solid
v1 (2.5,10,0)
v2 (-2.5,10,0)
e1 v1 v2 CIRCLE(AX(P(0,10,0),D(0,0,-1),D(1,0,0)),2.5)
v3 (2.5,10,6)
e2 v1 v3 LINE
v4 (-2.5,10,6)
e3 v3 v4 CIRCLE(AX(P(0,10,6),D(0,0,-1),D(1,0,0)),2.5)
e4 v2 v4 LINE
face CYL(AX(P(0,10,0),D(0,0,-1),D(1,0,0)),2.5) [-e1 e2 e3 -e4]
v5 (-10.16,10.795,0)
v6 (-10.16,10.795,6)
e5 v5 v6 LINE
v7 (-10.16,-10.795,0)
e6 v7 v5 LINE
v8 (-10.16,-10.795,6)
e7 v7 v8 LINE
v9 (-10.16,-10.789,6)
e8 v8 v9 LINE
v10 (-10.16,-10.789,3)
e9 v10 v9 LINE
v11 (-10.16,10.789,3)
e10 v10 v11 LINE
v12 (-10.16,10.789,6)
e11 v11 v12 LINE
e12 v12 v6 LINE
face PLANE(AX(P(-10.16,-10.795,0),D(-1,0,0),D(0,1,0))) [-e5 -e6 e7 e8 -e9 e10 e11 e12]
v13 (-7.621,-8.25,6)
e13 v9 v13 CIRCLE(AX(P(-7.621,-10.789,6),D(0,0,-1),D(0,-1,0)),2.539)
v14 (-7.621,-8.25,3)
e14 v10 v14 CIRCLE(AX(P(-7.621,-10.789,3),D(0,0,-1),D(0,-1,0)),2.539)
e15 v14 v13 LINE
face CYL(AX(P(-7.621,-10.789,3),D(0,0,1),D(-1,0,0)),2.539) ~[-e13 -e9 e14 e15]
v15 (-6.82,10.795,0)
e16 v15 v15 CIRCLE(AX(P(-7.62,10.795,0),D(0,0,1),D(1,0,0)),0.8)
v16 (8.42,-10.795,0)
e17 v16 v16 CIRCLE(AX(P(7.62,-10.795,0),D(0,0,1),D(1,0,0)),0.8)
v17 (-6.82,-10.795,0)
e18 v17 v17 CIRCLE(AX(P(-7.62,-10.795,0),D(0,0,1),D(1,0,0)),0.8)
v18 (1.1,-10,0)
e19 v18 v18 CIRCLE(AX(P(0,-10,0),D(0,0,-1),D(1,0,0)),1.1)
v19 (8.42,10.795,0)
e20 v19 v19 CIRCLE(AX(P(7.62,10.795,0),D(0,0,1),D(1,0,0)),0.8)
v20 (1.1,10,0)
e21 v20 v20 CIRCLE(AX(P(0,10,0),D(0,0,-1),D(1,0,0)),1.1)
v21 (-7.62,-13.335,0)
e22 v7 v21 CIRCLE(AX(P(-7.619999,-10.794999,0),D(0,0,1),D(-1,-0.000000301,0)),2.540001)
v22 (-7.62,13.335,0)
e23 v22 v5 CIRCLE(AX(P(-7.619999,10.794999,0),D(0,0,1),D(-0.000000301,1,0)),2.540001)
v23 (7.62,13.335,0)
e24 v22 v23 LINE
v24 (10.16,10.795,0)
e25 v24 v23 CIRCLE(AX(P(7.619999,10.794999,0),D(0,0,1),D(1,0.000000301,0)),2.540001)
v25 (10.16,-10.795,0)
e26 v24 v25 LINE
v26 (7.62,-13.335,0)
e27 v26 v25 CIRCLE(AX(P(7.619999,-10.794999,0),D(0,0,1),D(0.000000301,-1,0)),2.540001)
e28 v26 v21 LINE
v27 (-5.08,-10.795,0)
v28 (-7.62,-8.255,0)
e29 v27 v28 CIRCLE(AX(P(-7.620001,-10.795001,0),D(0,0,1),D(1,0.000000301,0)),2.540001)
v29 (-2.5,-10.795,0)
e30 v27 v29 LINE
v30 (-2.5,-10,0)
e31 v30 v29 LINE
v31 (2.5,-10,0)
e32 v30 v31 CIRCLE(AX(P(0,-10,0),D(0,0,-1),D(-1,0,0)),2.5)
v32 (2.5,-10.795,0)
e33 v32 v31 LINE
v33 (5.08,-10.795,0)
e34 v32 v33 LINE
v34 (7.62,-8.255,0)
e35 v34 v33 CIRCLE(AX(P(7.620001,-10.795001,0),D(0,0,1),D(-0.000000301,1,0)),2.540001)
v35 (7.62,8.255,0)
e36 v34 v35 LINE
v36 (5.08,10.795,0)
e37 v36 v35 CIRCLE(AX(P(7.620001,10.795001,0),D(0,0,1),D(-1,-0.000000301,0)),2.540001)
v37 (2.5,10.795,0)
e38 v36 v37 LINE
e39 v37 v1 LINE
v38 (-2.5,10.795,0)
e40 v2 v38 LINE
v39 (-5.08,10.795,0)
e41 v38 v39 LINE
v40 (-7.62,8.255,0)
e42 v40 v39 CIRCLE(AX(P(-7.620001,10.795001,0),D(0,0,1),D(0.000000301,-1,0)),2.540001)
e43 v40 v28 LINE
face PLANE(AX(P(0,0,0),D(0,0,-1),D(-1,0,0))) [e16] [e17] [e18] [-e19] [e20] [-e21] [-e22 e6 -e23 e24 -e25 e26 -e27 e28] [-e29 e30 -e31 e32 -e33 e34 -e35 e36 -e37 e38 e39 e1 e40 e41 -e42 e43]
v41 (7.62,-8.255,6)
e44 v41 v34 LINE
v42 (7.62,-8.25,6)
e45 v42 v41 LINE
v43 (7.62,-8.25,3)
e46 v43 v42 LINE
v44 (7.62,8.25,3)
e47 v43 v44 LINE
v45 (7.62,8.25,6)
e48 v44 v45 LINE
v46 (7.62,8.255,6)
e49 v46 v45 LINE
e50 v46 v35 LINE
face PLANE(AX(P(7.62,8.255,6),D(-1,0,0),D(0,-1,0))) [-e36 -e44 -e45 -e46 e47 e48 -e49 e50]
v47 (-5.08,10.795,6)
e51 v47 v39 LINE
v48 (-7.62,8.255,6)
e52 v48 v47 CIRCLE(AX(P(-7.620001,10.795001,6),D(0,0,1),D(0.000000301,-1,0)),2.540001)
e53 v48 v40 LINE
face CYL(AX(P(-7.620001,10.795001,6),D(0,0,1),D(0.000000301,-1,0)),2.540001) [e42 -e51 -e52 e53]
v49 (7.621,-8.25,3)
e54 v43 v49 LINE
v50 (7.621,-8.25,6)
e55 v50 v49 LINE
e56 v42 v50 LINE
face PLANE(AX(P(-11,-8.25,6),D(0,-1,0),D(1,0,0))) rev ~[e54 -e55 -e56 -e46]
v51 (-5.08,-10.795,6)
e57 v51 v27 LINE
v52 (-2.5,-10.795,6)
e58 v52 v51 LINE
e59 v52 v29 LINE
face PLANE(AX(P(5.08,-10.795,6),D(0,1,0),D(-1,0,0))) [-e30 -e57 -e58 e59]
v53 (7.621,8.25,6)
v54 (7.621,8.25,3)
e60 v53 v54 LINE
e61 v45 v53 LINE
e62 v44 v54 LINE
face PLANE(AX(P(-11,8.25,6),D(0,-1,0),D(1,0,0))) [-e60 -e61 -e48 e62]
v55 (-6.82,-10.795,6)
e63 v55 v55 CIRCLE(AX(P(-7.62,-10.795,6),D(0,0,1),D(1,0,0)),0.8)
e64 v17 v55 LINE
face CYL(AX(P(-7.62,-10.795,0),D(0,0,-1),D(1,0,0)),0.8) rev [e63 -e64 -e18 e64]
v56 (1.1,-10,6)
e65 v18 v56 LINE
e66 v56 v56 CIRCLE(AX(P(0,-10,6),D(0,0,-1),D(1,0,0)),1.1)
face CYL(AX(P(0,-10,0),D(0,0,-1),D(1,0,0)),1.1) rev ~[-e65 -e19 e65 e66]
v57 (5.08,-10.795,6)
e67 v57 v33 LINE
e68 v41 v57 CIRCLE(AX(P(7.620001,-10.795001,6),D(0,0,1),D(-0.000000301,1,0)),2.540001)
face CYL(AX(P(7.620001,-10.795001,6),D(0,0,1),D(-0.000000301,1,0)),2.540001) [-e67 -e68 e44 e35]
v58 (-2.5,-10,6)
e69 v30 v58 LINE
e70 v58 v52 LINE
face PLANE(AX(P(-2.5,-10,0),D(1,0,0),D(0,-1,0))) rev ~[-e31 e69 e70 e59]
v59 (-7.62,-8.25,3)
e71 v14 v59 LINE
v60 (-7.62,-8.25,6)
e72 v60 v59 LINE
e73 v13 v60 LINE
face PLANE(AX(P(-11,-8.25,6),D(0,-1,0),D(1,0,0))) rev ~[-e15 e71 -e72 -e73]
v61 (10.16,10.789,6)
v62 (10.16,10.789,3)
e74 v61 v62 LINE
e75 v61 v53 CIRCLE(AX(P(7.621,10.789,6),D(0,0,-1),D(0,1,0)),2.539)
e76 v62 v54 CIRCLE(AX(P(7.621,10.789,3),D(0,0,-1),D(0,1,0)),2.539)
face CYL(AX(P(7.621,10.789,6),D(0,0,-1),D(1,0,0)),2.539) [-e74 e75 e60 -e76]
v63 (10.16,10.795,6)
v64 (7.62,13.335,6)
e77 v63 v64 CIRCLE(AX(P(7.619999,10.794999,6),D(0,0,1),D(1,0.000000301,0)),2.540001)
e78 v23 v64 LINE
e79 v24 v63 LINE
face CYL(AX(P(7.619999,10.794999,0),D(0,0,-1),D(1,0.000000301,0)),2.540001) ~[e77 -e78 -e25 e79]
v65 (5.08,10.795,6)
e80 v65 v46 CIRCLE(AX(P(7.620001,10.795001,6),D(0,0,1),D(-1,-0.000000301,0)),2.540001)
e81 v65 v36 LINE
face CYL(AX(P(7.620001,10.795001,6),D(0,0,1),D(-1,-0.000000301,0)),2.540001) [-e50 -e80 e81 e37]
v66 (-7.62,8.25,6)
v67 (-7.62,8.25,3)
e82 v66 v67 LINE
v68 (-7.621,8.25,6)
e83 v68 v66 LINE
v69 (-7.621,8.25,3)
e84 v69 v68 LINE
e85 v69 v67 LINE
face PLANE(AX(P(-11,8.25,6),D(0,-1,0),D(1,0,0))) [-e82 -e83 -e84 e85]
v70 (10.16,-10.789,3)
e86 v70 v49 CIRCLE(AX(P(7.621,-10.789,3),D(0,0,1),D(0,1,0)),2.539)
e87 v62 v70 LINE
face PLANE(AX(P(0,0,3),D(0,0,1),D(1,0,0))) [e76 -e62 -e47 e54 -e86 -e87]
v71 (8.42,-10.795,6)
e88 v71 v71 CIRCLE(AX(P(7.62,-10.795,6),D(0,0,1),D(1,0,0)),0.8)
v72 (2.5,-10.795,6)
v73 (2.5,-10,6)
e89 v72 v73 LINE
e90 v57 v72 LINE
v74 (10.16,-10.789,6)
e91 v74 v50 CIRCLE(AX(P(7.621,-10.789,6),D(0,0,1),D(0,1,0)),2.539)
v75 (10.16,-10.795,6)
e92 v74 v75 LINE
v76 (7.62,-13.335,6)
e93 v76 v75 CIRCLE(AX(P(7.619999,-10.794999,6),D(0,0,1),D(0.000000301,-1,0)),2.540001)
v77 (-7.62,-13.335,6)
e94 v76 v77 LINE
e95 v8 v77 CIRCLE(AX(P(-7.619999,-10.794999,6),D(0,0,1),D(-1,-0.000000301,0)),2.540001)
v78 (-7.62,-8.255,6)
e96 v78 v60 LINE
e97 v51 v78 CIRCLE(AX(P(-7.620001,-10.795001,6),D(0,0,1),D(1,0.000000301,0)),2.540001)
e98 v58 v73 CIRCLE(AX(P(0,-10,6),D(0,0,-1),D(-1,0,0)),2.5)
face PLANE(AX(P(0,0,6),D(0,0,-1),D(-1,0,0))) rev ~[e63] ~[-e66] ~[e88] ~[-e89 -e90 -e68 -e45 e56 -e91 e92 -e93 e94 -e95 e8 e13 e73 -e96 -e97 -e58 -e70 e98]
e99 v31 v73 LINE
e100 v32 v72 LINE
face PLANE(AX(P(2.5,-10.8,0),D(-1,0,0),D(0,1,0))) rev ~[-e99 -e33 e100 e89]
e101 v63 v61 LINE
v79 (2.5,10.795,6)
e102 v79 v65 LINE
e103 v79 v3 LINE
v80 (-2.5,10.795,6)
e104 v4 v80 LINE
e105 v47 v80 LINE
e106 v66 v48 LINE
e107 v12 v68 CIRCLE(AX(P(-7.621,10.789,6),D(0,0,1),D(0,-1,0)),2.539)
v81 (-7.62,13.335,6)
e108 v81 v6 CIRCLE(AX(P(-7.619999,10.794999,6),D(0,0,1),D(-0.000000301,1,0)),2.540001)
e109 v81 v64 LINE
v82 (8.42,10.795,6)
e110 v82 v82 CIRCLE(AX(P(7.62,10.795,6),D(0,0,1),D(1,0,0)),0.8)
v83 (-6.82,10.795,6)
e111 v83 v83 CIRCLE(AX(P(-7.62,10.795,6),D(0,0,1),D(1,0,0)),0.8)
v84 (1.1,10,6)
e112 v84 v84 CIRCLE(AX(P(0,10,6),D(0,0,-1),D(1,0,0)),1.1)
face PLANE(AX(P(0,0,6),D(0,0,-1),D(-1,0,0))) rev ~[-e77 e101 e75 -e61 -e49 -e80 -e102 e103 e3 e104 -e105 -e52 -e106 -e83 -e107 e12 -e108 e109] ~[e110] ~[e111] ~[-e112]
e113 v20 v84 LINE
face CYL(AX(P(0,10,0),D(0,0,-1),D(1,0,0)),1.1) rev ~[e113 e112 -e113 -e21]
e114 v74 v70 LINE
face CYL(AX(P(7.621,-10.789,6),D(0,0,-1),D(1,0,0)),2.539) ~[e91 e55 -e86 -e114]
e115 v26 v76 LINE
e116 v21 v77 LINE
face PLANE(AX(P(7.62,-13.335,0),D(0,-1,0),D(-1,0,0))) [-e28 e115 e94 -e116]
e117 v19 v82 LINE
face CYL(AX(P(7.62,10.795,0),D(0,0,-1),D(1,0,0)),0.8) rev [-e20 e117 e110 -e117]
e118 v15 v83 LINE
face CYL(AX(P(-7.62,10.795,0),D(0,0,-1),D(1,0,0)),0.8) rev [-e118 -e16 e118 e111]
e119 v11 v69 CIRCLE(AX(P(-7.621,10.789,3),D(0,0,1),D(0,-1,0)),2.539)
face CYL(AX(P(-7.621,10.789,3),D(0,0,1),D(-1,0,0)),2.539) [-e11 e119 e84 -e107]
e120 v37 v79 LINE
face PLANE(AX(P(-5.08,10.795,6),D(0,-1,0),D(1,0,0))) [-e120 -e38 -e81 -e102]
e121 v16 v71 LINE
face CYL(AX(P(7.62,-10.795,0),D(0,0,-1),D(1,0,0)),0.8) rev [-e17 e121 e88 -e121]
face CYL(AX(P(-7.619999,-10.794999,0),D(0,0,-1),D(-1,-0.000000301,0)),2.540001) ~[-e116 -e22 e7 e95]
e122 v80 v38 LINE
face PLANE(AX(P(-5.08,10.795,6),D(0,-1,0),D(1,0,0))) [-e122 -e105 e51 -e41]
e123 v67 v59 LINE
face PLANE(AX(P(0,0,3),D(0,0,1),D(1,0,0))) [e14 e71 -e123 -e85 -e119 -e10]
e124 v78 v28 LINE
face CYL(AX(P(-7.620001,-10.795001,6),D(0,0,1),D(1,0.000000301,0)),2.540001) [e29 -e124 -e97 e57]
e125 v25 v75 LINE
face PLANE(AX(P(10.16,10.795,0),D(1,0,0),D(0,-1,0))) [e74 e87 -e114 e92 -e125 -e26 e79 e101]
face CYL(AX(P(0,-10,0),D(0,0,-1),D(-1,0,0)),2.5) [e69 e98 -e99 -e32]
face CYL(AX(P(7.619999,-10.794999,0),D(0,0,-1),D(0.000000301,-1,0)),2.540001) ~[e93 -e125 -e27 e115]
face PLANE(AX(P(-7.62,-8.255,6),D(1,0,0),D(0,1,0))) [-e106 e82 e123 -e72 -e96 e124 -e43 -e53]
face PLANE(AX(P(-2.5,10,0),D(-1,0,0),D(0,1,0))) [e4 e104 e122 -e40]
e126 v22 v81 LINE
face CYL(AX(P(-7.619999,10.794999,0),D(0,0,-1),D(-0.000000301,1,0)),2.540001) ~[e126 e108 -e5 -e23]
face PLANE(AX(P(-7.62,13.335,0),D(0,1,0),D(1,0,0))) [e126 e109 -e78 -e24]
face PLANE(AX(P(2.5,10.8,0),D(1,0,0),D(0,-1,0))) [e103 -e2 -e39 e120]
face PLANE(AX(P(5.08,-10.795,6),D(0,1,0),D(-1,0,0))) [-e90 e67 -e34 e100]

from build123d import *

# Parameters (mm, degrees)
SKETCH_R        = 0.8
PAD_DEPTH       = 6
POCKET_DEPTH    = 6.001
SKETCH002_W     = 22
SKETCH002_H     = 16.5
POCKET001_DEPTH = 3
FILLET_R        = 2.539
PAD001_DEPTH    = 6
SKETCH004_R     = 1.1
POCKET002_DEPTH = 6.001


with BuildPart() as part:
    # Sketch → Pad (new body)
    with BuildSketch(Plane.XY):
        with BuildLine():
            Line((-7.62, 13.335), (7.62, 13.335))
            ThreePointArc((10.16, 10.795), (9.416051, 12.591051), (7.62, 13.335))
            Line((10.16, 10.795), (10.16, -10.795))
            ThreePointArc((7.62, -13.335), (9.416051, -12.591051), (10.16, -10.795))
            Line((7.62, -13.335), (-7.62, -13.335))
            ThreePointArc((-10.16, -10.795), (-9.416051, -12.591051), (-7.62, -13.335))
            Line((-10.16, -10.795), (-10.16, 10.795))
            ThreePointArc((-7.62, 13.335), (-9.416051, 12.591051), (-10.16, 10.795))
        make_face()
        with Locations((-7.62, 10.795)):
            Circle(SKETCH_R, mode=Mode.SUBTRACT)
        with Locations((-7.62, -10.795)):
            Circle(SKETCH_R, mode=Mode.SUBTRACT)
        with Locations((7.62, -10.795)):
            Circle(SKETCH_R, mode=Mode.SUBTRACT)
        with Locations((7.62, 10.795)):
            Circle(SKETCH_R, mode=Mode.SUBTRACT)
    extrude(amount=PAD_DEPTH)

    # Sketch001 (on Face14 of Pad) → Pocket (cut, through all)
    with BuildSketch(Plane.XY.offset(6)):
        with BuildLine():
            Line((-5.08, 10.795), (5.08, 10.795))
            ThreePointArc((5.08, 10.795), (5.823949, 8.998949), (7.62, 8.255))
            Line((7.62, 8.255), (7.62, -8.255))
            ThreePointArc((7.62, -8.255), (5.823949, -8.998949), (5.08, -10.795))
            Line((5.08, -10.795), (-5.08, -10.795))
            ThreePointArc((-5.08, -10.795), (-5.823949, -8.998949), (-7.62, -8.255))
            Line((-7.62, -8.255), (-7.62, 8.255))
            ThreePointArc((-7.62, 8.255), (-5.823949, 8.998949), (-5.08, 10.795))
        make_face()
    extrude(amount=-POCKET_DEPTH, mode=Mode.SUBTRACT)

    # Sketch002 (on Face5 of Pocket) → Pocket001 (cut)
    with BuildSketch(Plane.XY.offset(6)):
        Rectangle(SKETCH002_W, SKETCH002_H)
    extrude(amount=-POCKET001_DEPTH, mode=Mode.SUBTRACT)

    # Fillet
    fillet_edges = [part.edges().sort_by_distance(p)[0] for p in [
        (-10.16, 8.25, 4.5),
        (-10.16, -8.25, 4.5),
        (10.16, 8.25, 4.5),
        (10.16, -8.25, 4.5),
    ]]
    fillet(fillet_edges, radius=FILLET_R)

    # Sketch003 (on Face6 of Fillet) → Pad001 (join)
    with BuildSketch(Plane(origin=(0, 0, 0), x_dir=(1, 0, 0), z_dir=(0, 0, -1))):
        with BuildLine():
            Line((-2.5, 10.8), (2.5, 10.8))
            Line((2.5, 10.8), (2.5, 10))
            ThreePointArc((-2.5, 10), (0, 7.5), (2.5, 10))
            Line((-2.5, 10), (-2.5, 10.8))
        make_face()
        with BuildLine():
            Line((-2.5, -10.8), (2.5, -10.8))
            Line((2.5, -10.8), (2.5, -10))
            ThreePointArc((2.5, -10), (0, -7.5), (-2.5, -10))
            Line((-2.5, -10), (-2.5, -10.8))
        make_face()
    extrude(amount=-PAD001_DEPTH)

    # Sketch004 (on Face44 of Pad001) → Pocket002 (cut, through all)
    with BuildSketch(Plane(origin=(0, 0, 0), x_dir=(1, 0, 0), z_dir=(0, 0, -1))):
        with Locations((0, 10)):
            Circle(SKETCH004_R)
        with Locations((0, -10)):
            Circle(SKETCH004_R)
    extrude(amount=-POCKET002_DEPTH, mode=Mode.SUBTRACT)


solid = part.part
